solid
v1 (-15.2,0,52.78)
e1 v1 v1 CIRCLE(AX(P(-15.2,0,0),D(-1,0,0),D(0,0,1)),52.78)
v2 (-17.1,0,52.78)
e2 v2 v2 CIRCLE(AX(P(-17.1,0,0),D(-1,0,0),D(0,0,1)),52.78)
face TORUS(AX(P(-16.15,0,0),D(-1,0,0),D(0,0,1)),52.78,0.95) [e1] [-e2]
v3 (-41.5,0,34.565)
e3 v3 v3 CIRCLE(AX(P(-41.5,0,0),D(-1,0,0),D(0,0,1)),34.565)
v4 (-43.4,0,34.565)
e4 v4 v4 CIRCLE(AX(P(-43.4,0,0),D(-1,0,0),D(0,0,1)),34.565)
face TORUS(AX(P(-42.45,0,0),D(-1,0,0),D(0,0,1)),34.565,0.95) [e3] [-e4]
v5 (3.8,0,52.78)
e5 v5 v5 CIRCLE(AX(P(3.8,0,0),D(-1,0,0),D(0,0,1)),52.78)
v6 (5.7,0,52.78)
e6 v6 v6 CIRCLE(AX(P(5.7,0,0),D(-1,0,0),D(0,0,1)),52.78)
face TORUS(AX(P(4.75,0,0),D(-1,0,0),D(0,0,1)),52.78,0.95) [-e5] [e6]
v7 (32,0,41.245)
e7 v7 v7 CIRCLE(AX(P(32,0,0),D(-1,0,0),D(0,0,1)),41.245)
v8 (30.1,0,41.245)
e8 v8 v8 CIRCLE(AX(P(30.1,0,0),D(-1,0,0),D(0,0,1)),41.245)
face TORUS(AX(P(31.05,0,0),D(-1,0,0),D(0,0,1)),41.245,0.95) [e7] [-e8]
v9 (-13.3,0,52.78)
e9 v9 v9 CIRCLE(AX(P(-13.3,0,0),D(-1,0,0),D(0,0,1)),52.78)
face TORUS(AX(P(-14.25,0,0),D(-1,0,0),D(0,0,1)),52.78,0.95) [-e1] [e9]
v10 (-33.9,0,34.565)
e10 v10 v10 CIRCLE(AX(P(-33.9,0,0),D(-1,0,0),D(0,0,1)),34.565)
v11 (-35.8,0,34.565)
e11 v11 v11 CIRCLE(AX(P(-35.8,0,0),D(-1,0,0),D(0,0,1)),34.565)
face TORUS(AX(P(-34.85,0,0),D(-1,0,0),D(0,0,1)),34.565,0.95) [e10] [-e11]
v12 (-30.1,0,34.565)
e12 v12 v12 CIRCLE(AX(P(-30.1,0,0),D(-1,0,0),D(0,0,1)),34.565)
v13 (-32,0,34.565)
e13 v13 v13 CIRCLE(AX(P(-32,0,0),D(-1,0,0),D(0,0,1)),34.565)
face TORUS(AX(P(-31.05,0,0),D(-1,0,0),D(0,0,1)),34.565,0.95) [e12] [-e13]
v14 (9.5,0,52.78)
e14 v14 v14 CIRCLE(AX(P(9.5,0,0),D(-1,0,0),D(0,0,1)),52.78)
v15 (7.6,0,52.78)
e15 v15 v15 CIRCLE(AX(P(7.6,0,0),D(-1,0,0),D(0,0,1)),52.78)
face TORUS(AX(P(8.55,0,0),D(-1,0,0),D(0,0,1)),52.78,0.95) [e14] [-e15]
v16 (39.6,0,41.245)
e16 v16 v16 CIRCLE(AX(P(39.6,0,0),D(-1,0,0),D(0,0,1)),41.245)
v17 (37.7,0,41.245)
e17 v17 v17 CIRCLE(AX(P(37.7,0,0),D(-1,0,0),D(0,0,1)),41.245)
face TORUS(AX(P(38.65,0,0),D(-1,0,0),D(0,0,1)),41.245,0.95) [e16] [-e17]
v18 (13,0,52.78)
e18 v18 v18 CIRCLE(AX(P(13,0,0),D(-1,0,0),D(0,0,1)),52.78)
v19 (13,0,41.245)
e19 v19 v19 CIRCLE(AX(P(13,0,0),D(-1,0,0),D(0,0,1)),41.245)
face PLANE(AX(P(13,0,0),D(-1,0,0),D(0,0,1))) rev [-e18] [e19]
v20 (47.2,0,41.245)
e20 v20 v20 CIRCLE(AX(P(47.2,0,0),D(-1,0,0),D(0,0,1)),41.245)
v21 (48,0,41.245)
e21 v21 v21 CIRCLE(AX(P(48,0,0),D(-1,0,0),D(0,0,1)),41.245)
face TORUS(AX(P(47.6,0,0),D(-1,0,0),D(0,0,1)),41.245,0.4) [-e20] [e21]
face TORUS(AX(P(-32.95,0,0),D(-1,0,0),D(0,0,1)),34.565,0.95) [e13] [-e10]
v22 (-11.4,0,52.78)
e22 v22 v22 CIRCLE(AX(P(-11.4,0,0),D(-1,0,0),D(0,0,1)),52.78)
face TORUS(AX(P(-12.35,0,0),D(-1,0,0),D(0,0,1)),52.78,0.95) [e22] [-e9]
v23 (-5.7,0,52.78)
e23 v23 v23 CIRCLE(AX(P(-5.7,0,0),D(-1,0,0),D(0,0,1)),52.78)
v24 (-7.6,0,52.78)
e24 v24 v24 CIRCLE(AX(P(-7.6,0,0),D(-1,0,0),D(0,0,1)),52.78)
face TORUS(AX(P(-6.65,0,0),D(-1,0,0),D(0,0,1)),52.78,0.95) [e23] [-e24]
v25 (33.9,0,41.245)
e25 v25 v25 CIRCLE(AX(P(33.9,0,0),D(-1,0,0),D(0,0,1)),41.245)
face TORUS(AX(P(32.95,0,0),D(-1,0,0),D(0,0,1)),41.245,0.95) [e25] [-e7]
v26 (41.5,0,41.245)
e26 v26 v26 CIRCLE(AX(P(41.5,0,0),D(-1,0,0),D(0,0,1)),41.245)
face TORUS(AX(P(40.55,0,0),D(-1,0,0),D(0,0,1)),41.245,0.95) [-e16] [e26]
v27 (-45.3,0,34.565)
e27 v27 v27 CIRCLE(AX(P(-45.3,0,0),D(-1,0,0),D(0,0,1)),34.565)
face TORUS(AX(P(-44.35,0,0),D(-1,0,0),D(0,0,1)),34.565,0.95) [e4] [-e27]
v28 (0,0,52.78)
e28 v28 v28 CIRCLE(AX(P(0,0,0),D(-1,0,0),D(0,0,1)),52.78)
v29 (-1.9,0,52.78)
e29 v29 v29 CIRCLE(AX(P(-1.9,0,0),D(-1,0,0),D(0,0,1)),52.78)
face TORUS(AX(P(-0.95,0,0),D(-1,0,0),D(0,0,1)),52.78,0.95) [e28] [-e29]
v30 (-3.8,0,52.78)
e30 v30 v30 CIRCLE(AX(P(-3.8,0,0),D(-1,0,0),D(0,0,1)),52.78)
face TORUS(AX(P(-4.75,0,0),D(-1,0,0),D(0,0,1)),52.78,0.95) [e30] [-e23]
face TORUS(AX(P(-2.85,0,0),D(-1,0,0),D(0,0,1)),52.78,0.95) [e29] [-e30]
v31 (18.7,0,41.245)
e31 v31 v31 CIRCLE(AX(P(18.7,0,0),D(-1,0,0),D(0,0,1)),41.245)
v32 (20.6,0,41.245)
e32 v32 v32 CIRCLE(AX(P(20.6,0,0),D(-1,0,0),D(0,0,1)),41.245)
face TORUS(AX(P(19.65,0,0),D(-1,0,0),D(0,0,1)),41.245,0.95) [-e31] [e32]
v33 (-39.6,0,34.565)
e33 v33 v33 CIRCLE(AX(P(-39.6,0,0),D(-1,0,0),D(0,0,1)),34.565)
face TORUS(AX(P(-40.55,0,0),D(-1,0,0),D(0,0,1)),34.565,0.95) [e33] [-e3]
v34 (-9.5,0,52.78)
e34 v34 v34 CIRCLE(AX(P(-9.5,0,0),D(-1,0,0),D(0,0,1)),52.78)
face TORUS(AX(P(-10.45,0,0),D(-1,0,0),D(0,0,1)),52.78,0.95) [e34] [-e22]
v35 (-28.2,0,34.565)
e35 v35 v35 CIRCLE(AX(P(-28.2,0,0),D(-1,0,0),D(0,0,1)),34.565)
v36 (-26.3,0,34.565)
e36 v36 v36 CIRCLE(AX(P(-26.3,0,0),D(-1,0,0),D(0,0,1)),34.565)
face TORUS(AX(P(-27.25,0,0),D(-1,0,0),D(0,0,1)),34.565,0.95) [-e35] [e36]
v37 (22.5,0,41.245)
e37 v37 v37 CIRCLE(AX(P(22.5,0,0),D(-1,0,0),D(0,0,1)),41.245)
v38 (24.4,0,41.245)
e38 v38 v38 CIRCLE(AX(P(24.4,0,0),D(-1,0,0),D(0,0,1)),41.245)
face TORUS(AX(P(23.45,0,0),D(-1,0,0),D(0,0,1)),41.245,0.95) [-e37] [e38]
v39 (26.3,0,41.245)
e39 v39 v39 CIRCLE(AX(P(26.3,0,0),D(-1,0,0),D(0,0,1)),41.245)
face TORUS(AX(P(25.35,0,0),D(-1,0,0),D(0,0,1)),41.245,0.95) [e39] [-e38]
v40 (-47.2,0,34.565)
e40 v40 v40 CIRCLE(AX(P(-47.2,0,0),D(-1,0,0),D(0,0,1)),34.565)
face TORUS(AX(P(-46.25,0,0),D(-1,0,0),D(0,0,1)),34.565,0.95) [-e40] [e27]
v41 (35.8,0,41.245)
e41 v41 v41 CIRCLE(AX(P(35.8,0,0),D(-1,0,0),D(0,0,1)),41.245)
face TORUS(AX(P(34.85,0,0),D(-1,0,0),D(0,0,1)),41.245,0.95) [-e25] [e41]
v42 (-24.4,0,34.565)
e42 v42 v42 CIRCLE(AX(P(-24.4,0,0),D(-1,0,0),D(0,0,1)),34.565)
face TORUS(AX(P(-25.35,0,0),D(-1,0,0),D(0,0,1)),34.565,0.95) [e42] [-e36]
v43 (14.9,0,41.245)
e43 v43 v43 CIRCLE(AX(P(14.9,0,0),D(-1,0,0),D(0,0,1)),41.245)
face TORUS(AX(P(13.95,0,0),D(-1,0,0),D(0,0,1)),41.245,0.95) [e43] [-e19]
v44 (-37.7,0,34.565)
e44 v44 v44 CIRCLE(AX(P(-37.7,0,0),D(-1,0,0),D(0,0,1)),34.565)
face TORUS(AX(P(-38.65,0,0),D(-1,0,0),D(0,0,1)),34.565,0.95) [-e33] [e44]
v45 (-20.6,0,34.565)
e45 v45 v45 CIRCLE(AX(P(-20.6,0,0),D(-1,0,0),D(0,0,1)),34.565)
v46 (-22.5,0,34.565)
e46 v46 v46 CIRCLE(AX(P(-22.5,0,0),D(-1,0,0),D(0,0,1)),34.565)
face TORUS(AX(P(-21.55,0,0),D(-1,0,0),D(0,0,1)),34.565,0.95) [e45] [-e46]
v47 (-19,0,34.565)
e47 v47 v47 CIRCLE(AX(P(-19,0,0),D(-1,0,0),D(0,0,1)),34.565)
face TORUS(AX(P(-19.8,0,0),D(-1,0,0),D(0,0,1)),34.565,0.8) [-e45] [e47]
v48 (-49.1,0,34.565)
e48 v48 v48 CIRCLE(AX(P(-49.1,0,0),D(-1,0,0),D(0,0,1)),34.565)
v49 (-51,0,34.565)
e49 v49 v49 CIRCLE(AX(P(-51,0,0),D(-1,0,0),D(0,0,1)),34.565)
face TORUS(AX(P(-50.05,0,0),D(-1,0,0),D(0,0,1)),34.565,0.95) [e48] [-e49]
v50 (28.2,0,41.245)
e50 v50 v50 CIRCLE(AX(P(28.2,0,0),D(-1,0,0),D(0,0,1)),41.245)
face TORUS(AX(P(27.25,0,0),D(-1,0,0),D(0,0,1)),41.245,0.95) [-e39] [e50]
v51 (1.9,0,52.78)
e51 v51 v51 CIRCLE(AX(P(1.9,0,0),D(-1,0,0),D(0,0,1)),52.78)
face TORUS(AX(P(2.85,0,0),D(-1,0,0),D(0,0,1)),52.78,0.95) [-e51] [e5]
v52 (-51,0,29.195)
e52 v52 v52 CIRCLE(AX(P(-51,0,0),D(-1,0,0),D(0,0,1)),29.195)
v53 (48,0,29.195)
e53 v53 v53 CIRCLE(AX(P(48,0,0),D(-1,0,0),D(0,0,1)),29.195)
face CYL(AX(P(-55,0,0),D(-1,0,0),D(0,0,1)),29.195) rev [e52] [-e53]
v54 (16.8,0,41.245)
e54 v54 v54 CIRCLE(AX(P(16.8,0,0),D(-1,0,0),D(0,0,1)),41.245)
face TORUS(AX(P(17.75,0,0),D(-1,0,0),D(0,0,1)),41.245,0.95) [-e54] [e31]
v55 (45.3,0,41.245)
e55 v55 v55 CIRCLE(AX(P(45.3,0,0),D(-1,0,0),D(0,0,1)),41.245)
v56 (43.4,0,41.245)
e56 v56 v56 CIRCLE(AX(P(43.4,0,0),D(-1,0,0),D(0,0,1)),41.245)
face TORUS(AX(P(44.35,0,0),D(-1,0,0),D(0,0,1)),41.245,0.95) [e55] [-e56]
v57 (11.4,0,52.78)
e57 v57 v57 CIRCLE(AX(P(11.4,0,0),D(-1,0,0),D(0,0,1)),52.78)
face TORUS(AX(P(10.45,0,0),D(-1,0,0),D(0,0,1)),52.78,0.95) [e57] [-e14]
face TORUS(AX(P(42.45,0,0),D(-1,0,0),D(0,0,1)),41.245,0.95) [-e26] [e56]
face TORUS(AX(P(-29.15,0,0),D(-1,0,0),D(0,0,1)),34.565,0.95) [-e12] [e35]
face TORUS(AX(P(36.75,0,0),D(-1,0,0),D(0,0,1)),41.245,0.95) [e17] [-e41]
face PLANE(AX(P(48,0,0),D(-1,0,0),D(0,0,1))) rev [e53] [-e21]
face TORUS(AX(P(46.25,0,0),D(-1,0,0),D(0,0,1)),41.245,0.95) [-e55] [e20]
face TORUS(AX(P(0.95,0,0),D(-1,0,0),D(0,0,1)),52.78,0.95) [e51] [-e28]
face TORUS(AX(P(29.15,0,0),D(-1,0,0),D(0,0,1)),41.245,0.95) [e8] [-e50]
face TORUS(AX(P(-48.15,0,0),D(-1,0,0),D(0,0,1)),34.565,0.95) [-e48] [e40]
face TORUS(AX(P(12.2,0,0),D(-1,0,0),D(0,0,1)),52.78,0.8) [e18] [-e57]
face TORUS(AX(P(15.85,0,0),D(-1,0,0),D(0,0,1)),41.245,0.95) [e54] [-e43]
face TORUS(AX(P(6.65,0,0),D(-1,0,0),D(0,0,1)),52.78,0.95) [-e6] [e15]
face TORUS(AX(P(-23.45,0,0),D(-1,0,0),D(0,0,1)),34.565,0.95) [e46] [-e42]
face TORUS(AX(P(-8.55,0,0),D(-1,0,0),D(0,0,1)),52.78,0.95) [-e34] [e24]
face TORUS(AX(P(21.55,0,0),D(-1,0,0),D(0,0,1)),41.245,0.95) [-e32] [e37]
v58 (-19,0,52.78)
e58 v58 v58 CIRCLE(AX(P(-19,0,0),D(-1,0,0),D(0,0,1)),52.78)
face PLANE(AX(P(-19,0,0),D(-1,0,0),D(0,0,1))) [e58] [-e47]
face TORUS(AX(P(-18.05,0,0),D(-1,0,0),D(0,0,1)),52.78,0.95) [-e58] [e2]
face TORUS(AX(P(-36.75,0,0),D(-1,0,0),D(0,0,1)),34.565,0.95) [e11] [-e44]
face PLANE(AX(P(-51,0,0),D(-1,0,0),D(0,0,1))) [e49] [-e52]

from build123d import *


with BuildPart() as part:
    # Croquis1 → Revolución1 (revolve)
    with BuildSketch(Plane.XY, mode=Mode.PRIVATE) as revoluci_n1_sk:
        with BuildLine():
            Line((-51, 29.195), (-19, 29.195))
            Line((-19, 29.195), (-19, 34.565))
            ThreePointArc((-19, 34.565), (-19.8, 35.365), (-20.6, 34.565))
            ThreePointArc((-20.6, 34.565), (-21.55, 35.515), (-22.5, 34.565))
            ThreePointArc((-22.5, 34.565), (-23.45, 35.515), (-24.4, 34.565))
            ThreePointArc((-24.4, 34.565), (-25.35, 35.515), (-26.3, 34.565))
            ThreePointArc((-26.3, 34.565), (-27.25, 35.515), (-28.2, 34.565))
            ThreePointArc((-28.2, 34.565), (-29.15, 35.515), (-30.1, 34.565))
            ThreePointArc((-30.1, 34.565), (-31.05, 35.515), (-32, 34.565))
            ThreePointArc((-32, 34.565), (-32.95, 35.515), (-33.9, 34.565))
            ThreePointArc((-33.9, 34.565), (-34.85, 35.515), (-35.8, 34.565))
            ThreePointArc((-35.8, 34.565), (-36.75, 35.515), (-37.7, 34.565))
            ThreePointArc((-37.7, 34.565), (-38.65, 35.515), (-39.6, 34.565))
            ThreePointArc((-39.6, 34.565), (-40.55, 35.515), (-41.5, 34.565))
            ThreePointArc((-41.5, 34.565), (-42.45, 35.515), (-43.4, 34.565))
            ThreePointArc((-43.4, 34.565), (-44.35, 35.515), (-45.3, 34.565))
            ThreePointArc((-45.3, 34.565), (-46.25, 35.515), (-47.2, 34.565))
            ThreePointArc((-47.2, 34.565), (-48.15, 35.515), (-49.1, 34.565))
            ThreePointArc((-49.1, 34.565), (-50.05, 35.515), (-51, 34.565))
            Line((-51, 34.565), (-51, 29.195))
        make_face()
        with BuildLine():
            ThreePointArc((11.4, 52.78), (12.2, 53.58), (13, 52.78))
            Line((13, 52.78), (13, 29.195))
            Line((13, 29.195), (-19, 29.195))
            Line((-19, 29.195), (-19, 52.78))
            ThreePointArc((-19, 52.78), (-18.05, 53.73), (-17.1, 52.78))
            ThreePointArc((-17.1, 52.78), (-16.15, 53.73), (-15.2, 52.78))
            ThreePointArc((-15.2, 52.78), (-14.25, 53.73), (-13.3, 52.78))
            ThreePointArc((-13.3, 52.78), (-12.35, 53.73), (-11.4, 52.78))
            ThreePointArc((-11.4, 52.78), (-10.45, 53.73), (-9.5, 52.78))
            ThreePointArc((-9.5, 52.78), (-8.55, 53.73), (-7.6, 52.78))
            ThreePointArc((-7.6, 52.78), (-6.65, 53.73), (-5.7, 52.78))
            ThreePointArc((-5.7, 52.78), (-4.75, 53.73), (-3.8, 52.78))
            ThreePointArc((-3.8, 52.78), (-2.85, 53.73), (-1.9, 52.78))
            ThreePointArc((-1.9, 52.78), (-0.95, 53.73), (0, 52.78))
            ThreePointArc((0, 52.78), (0.95, 53.73), (1.9, 52.78))
            ThreePointArc((1.9, 52.78), (2.85, 53.73), (3.8, 52.78))
            ThreePointArc((3.8, 52.78), (4.75, 53.73), (5.7, 52.78))
            ThreePointArc((5.7, 52.78), (6.65, 53.73), (7.6, 52.78))
            ThreePointArc((7.6, 52.78), (8.55, 53.73), (9.5, 52.78))
            ThreePointArc((9.5, 52.78), (10.45, 53.73), (11.4, 52.78))
        make_face()
        with BuildLine():
            Line((13, 29.195), (48, 29.195))
            Line((48, 29.195), (48, 41.245))
            ThreePointArc((48, 41.245), (47.6, 41.645), (47.2, 41.245))
            ThreePointArc((47.2, 41.245), (46.25, 42.195), (45.3, 41.245))
            ThreePointArc((45.3, 41.245), (44.35, 42.195), (43.4, 41.245))
            ThreePointArc((43.4, 41.245), (42.45, 42.195), (41.5, 41.245))
            ThreePointArc((41.5, 41.245), (40.55, 42.195), (39.6, 41.245))
            ThreePointArc((39.6, 41.245), (38.65, 42.195), (37.7, 41.245))
            ThreePointArc((37.7, 41.245), (36.75, 42.195), (35.8, 41.245))
            ThreePointArc((35.8, 41.245), (34.85, 42.195), (33.9, 41.245))
            ThreePointArc((33.9, 41.245), (32.95, 42.195), (32, 41.245))
            ThreePointArc((32, 41.245), (31.05, 42.195), (30.1, 41.245))
            ThreePointArc((30.1, 41.245), (29.15, 42.195), (28.2, 41.245))
            ThreePointArc((28.2, 41.245), (27.25, 42.195), (26.3, 41.245))
            ThreePointArc((26.3, 41.245), (25.35, 42.195), (24.4, 41.245))
            ThreePointArc((24.4, 41.245), (23.45, 42.195), (22.5, 41.245))
            ThreePointArc((22.5, 41.245), (21.55, 42.195), (20.6, 41.245))
            ThreePointArc((20.6, 41.245), (19.65, 42.195), (18.7, 41.245))
            ThreePointArc((18.7, 41.245), (17.75, 42.195), (16.8, 41.245))
            ThreePointArc((16.8, 41.245), (15.85, 42.195), (14.9, 41.245))
            ThreePointArc((14.9, 41.245), (13.95, 42.195), (13, 41.245))
            Line((13, 41.245), (13, 29.195))
        make_face()
    revolve(revoluci_n1_sk.sketch.rotate(Axis((-55, 0, 0), (1, 0, 0)), 90), axis=Axis((-55, 0, 0), (1, 0, 0)))


solid = part.part
